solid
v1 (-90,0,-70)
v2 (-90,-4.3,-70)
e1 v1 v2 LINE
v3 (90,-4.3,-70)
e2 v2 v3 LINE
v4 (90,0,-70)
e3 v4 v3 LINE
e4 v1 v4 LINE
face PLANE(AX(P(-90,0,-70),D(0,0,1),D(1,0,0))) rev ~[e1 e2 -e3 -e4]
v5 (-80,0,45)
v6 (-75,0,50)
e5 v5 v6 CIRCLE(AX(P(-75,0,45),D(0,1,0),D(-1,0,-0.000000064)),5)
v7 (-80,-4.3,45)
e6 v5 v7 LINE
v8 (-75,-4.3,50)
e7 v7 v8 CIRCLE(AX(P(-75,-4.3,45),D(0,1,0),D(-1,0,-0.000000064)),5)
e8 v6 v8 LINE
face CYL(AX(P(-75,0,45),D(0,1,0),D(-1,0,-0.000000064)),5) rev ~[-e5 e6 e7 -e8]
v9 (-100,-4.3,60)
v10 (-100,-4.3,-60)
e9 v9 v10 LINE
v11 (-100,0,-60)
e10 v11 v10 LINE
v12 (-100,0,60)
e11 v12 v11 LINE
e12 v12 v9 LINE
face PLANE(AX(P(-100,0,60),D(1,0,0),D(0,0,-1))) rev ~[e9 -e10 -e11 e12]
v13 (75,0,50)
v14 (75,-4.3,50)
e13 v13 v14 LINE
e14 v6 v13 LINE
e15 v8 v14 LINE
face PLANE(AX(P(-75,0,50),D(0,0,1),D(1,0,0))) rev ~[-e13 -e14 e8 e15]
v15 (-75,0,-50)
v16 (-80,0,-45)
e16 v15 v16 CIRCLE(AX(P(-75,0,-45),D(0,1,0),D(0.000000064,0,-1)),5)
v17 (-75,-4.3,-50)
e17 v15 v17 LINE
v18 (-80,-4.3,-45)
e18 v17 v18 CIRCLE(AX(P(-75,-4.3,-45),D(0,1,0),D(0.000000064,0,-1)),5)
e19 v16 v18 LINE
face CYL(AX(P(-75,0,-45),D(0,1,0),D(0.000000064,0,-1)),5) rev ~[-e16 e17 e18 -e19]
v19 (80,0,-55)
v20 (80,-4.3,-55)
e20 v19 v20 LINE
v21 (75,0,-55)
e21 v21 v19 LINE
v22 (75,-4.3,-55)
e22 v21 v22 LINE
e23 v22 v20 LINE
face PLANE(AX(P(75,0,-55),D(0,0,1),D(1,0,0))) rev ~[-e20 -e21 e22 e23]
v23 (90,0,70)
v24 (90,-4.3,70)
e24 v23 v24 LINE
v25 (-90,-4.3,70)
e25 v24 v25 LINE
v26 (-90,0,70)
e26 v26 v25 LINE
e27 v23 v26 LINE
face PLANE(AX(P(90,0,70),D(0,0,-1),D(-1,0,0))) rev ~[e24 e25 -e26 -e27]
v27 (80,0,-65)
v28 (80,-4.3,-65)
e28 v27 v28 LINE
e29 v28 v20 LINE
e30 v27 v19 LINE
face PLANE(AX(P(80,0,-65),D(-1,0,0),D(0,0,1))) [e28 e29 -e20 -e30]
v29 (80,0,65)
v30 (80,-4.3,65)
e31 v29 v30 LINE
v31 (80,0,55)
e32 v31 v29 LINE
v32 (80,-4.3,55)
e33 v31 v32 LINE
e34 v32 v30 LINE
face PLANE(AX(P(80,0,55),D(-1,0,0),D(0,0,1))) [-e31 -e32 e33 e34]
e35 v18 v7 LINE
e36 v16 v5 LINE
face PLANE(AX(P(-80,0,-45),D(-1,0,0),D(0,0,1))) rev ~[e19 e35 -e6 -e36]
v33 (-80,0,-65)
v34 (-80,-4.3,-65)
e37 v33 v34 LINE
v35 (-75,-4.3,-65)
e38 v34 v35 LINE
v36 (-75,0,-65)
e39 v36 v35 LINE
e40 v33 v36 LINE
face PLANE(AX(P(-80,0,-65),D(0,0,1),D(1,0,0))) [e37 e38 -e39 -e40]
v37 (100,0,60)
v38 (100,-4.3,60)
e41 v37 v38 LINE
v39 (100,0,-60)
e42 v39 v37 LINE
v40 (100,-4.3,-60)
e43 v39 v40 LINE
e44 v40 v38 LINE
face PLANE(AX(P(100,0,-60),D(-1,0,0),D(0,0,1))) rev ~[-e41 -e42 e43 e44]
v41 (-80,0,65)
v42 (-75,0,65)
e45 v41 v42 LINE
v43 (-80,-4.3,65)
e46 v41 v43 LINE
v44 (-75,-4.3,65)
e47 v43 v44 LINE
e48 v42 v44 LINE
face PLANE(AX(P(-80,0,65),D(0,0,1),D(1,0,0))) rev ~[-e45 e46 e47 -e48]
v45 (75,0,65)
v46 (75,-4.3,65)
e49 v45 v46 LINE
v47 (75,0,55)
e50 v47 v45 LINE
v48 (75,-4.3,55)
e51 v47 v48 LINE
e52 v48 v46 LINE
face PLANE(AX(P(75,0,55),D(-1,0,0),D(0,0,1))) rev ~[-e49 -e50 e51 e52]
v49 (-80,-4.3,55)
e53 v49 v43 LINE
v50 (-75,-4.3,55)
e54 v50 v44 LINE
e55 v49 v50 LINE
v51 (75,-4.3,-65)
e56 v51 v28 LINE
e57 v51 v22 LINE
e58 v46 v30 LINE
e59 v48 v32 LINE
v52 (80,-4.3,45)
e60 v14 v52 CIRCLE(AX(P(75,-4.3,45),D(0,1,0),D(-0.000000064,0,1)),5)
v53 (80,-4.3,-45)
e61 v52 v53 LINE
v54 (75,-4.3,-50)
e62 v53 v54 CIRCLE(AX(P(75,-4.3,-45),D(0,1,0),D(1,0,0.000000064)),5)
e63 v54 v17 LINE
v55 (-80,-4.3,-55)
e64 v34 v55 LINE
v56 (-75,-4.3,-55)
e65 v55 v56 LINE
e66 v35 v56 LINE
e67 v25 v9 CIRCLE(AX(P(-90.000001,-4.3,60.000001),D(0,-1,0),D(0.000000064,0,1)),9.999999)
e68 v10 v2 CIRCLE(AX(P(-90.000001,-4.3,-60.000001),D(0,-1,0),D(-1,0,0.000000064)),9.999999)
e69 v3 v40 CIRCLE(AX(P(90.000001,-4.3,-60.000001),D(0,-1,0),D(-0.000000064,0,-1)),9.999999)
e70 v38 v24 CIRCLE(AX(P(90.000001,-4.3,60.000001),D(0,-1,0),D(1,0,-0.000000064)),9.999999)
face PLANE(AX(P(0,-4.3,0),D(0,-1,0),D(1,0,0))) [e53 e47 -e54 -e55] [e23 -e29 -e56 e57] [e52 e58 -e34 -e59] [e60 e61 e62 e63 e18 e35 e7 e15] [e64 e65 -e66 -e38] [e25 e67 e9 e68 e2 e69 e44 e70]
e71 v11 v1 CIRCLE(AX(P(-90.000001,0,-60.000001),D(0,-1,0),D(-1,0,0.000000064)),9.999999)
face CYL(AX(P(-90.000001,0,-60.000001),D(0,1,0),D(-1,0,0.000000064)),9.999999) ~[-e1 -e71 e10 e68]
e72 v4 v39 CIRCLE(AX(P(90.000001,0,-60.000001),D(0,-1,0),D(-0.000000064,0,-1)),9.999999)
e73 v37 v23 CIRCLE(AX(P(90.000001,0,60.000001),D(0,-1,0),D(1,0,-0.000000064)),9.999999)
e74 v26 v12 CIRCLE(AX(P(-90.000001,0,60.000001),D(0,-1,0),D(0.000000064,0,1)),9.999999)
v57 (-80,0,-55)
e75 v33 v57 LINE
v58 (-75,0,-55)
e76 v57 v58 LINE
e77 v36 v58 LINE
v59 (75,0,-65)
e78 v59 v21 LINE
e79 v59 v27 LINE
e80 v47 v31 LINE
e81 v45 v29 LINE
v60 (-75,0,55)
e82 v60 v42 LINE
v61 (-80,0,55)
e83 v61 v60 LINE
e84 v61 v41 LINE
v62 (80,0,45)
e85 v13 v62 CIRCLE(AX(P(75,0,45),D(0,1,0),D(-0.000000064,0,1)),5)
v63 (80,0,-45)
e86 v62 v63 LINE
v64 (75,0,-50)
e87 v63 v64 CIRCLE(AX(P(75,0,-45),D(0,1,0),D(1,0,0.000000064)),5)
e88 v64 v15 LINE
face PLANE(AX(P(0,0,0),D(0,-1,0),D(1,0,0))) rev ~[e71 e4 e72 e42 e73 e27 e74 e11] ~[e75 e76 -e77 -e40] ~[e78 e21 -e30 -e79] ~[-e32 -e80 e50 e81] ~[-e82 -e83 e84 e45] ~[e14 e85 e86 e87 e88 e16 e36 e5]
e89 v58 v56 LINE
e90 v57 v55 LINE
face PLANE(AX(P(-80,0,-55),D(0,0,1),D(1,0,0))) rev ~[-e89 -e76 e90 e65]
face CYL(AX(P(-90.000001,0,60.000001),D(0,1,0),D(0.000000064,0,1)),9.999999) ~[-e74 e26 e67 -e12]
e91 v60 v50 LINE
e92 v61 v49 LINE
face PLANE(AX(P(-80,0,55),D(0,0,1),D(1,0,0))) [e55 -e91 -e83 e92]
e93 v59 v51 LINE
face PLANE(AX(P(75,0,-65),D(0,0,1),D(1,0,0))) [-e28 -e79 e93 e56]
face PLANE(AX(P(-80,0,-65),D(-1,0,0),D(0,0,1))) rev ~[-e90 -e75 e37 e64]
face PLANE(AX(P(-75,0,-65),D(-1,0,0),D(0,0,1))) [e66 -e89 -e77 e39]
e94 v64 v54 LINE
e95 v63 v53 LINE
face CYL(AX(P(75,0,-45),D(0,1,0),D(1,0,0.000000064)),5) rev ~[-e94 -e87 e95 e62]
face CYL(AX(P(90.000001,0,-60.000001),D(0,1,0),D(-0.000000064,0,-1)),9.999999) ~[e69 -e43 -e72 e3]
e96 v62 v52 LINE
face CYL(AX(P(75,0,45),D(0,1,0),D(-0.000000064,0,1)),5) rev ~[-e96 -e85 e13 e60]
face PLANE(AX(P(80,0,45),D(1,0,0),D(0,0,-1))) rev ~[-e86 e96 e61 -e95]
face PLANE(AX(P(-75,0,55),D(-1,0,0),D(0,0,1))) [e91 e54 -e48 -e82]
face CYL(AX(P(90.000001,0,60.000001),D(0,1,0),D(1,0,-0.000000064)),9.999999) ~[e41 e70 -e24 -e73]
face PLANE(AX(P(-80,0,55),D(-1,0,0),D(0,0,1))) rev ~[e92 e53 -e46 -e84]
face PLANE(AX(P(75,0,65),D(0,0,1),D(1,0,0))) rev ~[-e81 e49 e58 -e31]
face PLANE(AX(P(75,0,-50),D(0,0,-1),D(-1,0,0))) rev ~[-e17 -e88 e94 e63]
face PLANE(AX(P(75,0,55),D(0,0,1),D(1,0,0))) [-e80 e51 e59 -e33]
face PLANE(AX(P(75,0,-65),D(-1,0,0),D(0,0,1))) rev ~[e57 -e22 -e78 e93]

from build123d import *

# Parameters (mm, degrees)
F0_W     = 5
F0_H     = 10
F1_DEPTH = 4.3


with BuildPart() as f1:
    # F0 (on Front) → F1 (new body)
    with BuildSketch(Plane.XZ):
        with BuildLine():
            Line((90, 70), (-90, 70))
            ThreePointArc((-90, 70), (-97.071068, 67.071068), (-100, 60))
            Line((-100, 60), (-100, -60))
            ThreePointArc((-100, -60), (-97.071068, -67.071068), (-90, -70))
            Line((-90, -70), (90, -70))
            ThreePointArc((90, -70), (97.071068, -67.071068), (100, -60))
            Line((100, -60), (100, 60))
            ThreePointArc((100, 60), (97.071068, 67.071068), (90, 70))
        make_face()
        with Locations((-77.5, -60)):
            Rectangle(F0_W, F0_H, mode=Mode.SUBTRACT)
        with Locations((77.5, -60)):
            Rectangle(F0_W, F0_H, mode=Mode.SUBTRACT)
        with Locations((-77.5, 60)):
            Rectangle(F0_W, F0_H, mode=Mode.SUBTRACT)
        with BuildLine():
            ThreePointArc((-80, 45), (-78.535534, 48.535534), (-75, 50))
            Line((-75, 50), (75, 50))
            ThreePointArc((75, 50), (78.535534, 48.535534), (80, 45))
            Line((80, 45), (80, -45))
            ThreePointArc((80, -45), (78.535534, -48.535534), (75, -50))
            Line((75, -50), (-75, -50))
            ThreePointArc((-75, -50), (-78.535534, -48.535534), (-80, -45))
            Line((-80, -45), (-80, 45))
        make_face(mode=Mode.SUBTRACT)
        with Locations((77.5, 60)):
            Rectangle(F0_W, F0_H, mode=Mode.SUBTRACT)
    extrude(amount=F1_DEPTH)


solid = f1.part
